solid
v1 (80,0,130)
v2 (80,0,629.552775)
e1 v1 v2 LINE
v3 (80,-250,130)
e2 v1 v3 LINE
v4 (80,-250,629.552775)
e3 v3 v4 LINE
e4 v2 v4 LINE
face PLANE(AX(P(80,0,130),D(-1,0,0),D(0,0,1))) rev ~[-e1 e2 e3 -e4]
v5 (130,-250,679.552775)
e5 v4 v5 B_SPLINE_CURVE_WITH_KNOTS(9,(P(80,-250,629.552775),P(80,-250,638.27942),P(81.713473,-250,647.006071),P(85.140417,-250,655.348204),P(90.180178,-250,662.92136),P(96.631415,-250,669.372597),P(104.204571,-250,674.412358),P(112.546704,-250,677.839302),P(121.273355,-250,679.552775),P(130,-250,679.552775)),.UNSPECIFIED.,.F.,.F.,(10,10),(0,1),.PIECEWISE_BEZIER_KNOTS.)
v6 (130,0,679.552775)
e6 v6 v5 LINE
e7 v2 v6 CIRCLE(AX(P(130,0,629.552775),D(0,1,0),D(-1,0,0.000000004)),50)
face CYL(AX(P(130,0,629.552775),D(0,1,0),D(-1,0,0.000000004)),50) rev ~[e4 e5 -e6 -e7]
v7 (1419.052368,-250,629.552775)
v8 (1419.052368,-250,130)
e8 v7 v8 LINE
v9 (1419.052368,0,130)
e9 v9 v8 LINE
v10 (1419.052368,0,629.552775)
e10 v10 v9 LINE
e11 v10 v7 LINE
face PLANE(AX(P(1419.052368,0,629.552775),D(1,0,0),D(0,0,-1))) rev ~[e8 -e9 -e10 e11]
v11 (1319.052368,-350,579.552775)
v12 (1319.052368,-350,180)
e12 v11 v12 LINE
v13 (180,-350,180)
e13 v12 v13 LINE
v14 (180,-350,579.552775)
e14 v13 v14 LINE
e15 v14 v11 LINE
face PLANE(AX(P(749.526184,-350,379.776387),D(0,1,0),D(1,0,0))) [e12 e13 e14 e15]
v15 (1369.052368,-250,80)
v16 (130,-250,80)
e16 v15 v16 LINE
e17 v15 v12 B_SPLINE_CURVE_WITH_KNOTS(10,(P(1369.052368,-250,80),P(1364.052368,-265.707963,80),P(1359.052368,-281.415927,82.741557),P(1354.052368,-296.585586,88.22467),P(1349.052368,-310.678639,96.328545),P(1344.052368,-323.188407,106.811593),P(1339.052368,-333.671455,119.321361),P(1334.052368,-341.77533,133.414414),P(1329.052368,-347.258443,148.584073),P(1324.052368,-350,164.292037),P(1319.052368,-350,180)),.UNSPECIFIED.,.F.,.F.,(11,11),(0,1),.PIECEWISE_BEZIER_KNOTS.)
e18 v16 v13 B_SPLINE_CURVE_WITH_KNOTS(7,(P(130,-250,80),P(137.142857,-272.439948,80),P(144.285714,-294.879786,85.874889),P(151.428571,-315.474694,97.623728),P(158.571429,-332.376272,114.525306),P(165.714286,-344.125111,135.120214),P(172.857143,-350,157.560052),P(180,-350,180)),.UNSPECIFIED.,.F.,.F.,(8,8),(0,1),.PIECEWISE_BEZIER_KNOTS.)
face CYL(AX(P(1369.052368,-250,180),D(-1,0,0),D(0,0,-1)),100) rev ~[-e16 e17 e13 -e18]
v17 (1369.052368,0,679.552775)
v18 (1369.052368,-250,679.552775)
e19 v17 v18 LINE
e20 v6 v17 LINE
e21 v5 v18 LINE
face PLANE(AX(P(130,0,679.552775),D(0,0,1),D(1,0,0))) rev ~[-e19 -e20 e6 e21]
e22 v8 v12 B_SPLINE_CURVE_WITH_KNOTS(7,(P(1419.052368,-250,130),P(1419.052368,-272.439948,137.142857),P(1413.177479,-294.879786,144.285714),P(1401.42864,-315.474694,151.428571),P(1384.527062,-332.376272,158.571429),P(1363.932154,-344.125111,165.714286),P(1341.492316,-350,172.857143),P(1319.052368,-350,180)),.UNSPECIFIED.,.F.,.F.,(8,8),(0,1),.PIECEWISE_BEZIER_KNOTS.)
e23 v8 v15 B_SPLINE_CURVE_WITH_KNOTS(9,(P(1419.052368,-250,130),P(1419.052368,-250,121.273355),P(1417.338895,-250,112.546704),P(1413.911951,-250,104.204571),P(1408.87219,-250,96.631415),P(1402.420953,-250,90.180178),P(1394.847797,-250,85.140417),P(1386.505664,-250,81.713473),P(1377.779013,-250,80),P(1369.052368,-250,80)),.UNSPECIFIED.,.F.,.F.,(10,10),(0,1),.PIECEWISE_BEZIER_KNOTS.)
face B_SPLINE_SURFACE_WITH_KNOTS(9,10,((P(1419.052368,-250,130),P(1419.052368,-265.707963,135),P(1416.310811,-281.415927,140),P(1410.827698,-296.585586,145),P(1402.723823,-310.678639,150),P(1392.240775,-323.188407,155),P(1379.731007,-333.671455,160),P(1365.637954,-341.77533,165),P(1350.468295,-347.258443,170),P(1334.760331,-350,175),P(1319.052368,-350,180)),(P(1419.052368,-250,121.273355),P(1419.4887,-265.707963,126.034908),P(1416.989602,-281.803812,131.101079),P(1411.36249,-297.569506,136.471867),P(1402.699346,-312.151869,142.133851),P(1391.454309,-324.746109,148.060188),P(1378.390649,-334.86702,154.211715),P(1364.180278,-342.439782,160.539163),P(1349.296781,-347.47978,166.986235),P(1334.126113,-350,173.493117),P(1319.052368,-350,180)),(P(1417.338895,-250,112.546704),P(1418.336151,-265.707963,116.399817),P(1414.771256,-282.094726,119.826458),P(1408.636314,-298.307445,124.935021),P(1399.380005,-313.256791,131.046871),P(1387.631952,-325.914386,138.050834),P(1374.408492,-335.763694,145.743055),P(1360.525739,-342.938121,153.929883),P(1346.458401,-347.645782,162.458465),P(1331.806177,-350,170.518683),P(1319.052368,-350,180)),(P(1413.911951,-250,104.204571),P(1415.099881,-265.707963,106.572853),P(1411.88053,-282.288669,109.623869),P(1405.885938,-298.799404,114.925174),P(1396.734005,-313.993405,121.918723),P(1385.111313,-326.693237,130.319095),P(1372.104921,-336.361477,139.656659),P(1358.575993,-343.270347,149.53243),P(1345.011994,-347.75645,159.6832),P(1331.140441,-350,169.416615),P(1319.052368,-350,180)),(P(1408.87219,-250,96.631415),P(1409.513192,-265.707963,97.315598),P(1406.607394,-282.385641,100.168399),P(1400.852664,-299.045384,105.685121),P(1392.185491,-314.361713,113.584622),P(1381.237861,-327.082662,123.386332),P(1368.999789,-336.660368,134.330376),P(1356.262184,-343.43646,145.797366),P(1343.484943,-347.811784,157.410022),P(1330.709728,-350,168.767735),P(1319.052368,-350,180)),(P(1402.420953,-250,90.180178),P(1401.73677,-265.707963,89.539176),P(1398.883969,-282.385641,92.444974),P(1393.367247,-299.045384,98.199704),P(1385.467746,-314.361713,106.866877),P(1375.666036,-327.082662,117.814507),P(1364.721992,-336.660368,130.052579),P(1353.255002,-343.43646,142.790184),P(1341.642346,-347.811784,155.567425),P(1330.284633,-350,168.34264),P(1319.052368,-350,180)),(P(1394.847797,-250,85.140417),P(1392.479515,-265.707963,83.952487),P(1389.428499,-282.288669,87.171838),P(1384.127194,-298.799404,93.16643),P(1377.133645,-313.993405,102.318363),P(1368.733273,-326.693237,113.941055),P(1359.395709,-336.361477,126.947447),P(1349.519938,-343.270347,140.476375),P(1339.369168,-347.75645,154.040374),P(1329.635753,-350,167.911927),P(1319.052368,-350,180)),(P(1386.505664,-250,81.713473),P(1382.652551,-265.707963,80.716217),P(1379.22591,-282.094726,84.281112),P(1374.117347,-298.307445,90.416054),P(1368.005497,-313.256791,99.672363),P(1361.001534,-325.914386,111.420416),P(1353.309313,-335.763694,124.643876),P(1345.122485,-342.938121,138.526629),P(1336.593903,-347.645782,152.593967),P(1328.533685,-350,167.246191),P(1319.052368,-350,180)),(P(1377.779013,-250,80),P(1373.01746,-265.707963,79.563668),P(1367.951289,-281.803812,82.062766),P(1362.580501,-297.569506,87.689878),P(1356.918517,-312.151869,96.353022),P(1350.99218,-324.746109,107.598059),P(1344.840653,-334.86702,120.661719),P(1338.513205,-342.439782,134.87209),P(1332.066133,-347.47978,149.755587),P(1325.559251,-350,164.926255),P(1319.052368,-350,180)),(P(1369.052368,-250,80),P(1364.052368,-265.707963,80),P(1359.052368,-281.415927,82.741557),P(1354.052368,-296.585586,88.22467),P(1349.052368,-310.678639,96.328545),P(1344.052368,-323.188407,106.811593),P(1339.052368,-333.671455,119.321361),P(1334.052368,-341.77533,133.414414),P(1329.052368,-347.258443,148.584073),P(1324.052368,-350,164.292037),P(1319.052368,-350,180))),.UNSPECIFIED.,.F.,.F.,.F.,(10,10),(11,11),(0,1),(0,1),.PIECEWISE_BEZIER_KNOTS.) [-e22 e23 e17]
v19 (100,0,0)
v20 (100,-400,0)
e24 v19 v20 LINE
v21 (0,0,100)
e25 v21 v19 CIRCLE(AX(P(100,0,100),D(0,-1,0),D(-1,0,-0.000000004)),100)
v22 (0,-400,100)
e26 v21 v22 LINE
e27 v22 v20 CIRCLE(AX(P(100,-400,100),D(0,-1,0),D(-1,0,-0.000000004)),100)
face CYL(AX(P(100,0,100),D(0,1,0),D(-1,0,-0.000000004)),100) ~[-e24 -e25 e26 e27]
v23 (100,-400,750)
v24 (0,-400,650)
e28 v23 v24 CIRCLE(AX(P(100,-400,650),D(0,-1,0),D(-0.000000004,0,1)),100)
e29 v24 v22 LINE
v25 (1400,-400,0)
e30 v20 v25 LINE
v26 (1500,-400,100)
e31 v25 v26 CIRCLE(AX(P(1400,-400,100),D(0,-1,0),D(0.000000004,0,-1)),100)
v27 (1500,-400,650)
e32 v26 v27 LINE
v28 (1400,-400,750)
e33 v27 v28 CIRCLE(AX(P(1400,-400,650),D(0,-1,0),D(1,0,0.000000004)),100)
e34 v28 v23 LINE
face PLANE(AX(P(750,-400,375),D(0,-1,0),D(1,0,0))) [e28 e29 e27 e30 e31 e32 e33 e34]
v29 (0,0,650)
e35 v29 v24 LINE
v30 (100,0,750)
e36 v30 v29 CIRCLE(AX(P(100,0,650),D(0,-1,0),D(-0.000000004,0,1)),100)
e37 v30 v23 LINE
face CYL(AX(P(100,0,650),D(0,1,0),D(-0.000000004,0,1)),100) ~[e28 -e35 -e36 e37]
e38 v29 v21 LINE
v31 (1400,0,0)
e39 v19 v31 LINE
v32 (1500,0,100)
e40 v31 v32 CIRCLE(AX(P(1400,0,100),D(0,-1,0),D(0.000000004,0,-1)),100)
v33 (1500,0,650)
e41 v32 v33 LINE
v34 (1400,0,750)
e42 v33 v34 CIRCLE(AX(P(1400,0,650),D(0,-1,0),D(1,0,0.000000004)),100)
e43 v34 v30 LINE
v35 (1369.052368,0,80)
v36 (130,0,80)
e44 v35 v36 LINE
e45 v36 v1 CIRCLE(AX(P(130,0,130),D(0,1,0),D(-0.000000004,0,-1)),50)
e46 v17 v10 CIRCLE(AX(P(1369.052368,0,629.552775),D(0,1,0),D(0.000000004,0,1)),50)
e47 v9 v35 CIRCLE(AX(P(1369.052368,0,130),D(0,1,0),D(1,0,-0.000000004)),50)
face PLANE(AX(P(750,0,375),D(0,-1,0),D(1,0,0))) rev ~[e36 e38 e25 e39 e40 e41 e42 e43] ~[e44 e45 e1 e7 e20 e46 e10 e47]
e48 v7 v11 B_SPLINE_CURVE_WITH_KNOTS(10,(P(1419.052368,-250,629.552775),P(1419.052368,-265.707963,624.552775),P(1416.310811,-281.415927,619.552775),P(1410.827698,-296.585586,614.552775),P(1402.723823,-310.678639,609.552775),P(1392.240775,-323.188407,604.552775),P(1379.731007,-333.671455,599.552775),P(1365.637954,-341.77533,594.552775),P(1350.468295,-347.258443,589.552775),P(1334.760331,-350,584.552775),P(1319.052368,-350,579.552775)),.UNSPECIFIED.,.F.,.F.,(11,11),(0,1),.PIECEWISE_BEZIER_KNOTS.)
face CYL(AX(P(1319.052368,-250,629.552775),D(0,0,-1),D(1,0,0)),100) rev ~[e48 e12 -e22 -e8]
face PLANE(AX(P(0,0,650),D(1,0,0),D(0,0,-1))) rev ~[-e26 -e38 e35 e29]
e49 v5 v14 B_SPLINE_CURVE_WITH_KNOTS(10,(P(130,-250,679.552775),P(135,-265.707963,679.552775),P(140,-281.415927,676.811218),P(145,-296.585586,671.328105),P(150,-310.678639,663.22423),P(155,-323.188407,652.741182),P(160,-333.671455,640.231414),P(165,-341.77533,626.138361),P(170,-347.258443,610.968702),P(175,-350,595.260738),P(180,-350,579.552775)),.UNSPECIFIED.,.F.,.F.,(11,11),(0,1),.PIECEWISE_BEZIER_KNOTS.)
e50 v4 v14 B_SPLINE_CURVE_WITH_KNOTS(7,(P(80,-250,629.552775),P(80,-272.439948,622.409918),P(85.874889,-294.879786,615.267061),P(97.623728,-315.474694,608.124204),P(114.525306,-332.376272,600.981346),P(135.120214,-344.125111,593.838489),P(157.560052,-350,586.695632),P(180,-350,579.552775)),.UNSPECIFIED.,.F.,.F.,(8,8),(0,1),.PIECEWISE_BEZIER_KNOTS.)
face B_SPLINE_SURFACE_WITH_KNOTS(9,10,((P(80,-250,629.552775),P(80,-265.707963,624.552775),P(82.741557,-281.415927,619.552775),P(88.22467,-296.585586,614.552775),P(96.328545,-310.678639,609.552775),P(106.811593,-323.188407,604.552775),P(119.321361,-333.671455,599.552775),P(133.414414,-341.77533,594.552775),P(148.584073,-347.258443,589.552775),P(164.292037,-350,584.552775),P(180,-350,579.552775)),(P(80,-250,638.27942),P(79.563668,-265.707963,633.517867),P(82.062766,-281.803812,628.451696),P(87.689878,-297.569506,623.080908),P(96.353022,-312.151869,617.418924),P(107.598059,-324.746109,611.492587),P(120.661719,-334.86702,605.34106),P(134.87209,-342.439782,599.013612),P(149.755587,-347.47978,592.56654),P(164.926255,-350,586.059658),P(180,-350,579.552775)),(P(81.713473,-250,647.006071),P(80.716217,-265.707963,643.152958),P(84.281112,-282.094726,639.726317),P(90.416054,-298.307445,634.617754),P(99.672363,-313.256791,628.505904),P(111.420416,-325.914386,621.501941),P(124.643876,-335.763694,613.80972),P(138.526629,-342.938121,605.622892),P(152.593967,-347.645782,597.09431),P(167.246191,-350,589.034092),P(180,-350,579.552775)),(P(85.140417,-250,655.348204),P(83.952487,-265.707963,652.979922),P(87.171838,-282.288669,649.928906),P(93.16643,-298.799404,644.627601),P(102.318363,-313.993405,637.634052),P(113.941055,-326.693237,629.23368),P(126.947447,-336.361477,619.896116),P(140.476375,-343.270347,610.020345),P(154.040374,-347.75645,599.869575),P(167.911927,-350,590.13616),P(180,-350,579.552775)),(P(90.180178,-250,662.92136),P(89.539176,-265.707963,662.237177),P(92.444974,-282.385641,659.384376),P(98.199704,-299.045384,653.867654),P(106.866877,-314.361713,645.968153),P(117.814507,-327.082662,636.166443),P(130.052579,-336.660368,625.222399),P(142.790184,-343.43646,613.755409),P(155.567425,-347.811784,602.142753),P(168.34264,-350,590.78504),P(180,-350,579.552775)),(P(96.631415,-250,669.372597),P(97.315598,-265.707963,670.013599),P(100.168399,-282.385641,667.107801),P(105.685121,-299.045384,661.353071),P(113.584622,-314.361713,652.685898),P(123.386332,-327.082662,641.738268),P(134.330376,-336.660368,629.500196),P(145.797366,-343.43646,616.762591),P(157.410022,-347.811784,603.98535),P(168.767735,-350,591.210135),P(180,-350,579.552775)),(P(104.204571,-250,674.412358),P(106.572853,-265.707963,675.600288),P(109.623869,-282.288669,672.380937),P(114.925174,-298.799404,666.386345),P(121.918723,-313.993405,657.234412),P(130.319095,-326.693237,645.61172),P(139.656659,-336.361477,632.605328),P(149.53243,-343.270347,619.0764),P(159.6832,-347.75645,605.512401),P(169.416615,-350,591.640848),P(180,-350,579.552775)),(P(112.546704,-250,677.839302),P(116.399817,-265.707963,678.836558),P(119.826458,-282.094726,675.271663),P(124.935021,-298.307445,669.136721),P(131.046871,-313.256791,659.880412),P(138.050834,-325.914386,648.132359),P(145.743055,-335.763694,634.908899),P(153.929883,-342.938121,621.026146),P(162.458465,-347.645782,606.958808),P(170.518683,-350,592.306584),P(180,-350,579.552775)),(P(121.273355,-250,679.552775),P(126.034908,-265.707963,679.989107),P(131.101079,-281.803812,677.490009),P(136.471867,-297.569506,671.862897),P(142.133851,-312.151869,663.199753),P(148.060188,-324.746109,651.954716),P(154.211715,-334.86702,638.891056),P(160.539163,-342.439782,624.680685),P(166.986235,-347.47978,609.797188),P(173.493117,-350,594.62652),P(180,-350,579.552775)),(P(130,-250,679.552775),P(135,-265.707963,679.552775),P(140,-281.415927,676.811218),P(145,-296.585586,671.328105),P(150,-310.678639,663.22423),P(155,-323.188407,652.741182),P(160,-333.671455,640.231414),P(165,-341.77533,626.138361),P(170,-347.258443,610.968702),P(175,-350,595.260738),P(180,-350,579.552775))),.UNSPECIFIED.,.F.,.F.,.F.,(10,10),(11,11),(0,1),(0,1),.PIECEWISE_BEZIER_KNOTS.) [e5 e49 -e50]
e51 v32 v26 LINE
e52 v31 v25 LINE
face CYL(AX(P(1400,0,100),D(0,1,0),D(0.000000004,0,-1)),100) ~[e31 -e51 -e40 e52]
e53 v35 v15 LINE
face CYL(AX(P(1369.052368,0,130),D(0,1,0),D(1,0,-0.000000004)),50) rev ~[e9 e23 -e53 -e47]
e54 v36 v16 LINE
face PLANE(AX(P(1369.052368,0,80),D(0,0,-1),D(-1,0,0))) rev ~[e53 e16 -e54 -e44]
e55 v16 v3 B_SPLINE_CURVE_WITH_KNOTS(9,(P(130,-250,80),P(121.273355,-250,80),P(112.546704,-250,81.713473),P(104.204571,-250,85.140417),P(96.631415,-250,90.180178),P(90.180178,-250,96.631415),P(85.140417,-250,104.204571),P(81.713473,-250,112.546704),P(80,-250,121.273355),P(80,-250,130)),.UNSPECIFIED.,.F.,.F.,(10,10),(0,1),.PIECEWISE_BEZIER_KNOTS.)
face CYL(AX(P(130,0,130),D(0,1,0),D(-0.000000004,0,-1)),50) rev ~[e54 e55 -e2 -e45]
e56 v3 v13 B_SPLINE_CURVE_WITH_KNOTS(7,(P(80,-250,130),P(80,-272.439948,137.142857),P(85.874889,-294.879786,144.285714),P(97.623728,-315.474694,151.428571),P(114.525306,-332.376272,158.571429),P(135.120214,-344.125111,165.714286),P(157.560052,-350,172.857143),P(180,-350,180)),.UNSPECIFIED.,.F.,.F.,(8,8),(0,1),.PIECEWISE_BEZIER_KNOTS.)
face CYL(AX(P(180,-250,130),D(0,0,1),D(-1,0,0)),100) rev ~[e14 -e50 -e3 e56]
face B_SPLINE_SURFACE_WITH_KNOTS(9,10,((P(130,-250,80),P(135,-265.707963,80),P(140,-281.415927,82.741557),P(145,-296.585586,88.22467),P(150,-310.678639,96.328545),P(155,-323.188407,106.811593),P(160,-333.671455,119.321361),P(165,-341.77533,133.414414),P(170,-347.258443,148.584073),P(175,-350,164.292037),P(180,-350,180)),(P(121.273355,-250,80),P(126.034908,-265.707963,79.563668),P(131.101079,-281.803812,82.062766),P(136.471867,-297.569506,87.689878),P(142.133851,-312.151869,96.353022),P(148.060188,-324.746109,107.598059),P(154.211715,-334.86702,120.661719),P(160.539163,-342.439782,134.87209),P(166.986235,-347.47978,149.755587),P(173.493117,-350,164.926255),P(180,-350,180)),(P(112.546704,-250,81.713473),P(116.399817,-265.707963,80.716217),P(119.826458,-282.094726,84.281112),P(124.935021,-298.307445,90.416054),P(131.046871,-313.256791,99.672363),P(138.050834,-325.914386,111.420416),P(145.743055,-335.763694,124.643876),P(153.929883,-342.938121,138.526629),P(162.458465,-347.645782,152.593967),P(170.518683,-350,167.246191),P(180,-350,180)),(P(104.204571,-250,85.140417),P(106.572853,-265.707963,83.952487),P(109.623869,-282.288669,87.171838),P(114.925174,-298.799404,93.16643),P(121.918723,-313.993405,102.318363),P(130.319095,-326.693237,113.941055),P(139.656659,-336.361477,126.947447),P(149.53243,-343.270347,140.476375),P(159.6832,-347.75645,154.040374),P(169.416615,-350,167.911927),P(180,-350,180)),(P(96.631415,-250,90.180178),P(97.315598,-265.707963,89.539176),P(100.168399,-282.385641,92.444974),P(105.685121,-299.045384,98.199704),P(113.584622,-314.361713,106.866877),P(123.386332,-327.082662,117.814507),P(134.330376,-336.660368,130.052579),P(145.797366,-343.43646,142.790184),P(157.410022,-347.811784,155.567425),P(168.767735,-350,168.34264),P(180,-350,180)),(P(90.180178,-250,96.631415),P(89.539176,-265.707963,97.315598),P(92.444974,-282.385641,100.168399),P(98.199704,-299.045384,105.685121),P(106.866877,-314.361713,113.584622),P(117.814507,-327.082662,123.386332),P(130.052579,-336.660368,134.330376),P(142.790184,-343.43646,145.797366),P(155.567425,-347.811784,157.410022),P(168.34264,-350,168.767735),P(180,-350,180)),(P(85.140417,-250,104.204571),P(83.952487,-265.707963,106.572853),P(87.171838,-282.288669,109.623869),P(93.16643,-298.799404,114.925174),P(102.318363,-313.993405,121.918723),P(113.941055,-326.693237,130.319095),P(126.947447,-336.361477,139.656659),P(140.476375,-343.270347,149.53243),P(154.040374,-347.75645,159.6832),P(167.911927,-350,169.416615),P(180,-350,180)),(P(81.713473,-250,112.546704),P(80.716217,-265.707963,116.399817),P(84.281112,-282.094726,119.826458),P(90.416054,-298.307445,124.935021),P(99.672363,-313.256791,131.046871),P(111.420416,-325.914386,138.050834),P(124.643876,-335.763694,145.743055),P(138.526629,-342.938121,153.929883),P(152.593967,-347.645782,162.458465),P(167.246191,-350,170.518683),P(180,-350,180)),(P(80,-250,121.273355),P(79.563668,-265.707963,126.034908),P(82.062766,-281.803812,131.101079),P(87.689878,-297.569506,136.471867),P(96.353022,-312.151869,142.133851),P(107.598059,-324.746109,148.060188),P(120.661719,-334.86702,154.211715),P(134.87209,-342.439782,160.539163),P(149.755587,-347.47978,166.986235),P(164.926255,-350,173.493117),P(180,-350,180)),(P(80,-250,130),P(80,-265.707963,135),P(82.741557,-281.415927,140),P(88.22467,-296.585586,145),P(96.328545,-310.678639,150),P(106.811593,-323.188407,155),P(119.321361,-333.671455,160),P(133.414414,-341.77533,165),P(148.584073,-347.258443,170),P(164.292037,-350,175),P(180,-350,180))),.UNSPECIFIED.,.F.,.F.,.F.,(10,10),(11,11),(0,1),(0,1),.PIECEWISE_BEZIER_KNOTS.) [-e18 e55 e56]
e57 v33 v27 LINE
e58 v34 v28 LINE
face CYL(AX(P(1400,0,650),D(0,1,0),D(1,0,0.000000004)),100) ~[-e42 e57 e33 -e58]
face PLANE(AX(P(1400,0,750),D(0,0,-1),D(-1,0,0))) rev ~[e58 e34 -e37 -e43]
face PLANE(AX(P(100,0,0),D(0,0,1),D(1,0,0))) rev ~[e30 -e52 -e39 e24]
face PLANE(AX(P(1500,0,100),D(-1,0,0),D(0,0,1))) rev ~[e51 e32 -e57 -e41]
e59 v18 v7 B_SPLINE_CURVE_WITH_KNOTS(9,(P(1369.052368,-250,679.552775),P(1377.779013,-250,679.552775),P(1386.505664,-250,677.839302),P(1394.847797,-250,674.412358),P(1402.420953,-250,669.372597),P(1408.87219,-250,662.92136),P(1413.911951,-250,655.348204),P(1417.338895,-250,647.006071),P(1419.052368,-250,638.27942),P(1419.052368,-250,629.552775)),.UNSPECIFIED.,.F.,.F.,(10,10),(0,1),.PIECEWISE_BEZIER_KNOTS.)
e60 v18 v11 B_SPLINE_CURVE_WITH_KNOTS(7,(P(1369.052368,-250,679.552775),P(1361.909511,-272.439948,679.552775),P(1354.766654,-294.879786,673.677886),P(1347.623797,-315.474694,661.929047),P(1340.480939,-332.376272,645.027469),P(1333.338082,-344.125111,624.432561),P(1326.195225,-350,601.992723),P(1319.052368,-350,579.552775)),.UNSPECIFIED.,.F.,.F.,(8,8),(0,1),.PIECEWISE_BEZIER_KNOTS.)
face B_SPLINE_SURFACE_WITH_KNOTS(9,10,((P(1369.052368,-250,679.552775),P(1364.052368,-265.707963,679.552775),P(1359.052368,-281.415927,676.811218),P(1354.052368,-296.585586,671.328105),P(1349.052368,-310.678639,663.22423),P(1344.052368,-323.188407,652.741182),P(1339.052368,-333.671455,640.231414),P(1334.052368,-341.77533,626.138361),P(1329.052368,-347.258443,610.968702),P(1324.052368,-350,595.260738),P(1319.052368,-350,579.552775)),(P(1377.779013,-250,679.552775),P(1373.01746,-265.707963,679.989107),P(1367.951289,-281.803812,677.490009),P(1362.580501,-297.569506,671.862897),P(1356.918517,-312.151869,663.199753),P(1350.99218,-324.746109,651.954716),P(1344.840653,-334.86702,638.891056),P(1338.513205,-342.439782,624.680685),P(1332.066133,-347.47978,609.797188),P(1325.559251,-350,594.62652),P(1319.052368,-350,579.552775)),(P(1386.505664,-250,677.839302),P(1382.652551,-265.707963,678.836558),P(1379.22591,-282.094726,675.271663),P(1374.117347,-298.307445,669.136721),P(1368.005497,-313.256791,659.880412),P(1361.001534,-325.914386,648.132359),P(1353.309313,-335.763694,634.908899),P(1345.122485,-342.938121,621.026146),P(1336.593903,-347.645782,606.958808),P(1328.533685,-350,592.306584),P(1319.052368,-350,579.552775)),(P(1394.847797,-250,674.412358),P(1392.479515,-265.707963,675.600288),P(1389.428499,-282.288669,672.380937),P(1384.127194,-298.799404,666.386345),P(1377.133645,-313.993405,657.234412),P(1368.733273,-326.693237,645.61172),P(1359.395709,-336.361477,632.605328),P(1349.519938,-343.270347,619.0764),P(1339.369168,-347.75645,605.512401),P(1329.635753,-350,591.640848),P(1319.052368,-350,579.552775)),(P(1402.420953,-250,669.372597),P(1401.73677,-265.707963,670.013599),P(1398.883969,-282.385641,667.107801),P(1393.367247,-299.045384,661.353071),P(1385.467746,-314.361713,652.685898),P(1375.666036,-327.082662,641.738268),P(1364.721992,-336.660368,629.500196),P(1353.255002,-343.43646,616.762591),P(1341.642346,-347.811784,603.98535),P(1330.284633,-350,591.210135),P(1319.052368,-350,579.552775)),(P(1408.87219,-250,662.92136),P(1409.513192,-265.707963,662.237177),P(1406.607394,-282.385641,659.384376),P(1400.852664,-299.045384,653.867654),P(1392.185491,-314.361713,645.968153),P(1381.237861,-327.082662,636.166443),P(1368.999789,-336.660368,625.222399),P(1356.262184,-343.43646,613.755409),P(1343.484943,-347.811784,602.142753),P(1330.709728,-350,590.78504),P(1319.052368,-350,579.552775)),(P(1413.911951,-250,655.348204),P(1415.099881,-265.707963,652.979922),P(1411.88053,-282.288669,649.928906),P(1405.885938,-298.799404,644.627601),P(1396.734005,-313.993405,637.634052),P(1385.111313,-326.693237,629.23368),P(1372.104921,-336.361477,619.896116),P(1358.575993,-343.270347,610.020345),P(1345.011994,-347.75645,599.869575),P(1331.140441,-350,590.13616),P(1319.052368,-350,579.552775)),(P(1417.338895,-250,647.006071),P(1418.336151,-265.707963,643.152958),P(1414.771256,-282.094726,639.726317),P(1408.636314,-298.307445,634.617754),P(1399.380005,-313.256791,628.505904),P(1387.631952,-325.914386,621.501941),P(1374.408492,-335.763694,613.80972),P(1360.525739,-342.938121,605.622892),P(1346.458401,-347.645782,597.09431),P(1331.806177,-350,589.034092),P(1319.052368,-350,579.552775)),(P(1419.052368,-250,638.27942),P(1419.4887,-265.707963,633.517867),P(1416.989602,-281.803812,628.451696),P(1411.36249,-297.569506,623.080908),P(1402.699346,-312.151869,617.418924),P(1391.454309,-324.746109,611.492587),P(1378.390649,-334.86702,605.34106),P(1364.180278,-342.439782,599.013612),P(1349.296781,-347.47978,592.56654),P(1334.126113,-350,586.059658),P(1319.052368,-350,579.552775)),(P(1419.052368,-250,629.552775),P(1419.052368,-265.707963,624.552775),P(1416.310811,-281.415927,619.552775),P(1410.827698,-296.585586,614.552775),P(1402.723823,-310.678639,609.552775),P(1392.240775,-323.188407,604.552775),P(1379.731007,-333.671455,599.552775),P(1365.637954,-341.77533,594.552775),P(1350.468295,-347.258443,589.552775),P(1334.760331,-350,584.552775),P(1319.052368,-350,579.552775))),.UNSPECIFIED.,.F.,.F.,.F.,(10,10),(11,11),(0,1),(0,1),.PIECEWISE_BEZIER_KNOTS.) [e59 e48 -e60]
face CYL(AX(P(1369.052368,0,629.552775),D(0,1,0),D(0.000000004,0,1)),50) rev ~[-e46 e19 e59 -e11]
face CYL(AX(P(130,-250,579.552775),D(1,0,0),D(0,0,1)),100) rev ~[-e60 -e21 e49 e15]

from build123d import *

# Parameters (mm, degrees)
PAD_DEPTH    = 400
POCKET_DEPTH = 350
FILLET_R     = 100


with BuildPart() as part:
    # Sketch → Pad (new body)
    with BuildSketch(Plane.XZ):
        with BuildLine():
            Line((100, 0), (1400, 0))
            ThreePointArc((1400, 0), (1470.710678, 29.289322), (1500, 100))
            Line((1500, 100), (1500, 650))
            ThreePointArc((1500, 650), (1470.710678, 720.710678), (1400, 750))
            Line((1400, 750), (100, 750))
            ThreePointArc((100, 750), (29.289322, 720.710678), (0, 650))
            Line((0, 650), (0, 100))
            ThreePointArc((0, 100), (29.289322, 29.289322), (100, 0))
        make_face()
    extrude(amount=PAD_DEPTH)

    # Sketch001 (on Face9 of Pad) → Pocket (cut)
    with BuildSketch(Plane(origin=(0, 0, 0), x_dir=(1, 0, 0), z_dir=(0, 1, 0))):
        with BuildLine():
            Line((80, -130), (80, -629.552775))
            ThreePointArc((80, -629.552775), (94.644661, -664.908114), (130, -679.552775))
            Line((130, -679.552775), (1369.052368, -679.552775))
            ThreePointArc((1369.052368, -679.552775), (1404.407707, -664.908114), (1419.052368, -629.552775))
            Line((1419.052368, -629.552775), (1419.052368, -130))
            ThreePointArc((1419.052368, -130), (1404.407707, -94.644661), (1369.052368, -80))
            Line((1369.052368, -80), (130, -80))
            ThreePointArc((130, -80), (94.644661, -94.644661), (80, -130))
        make_face()
    extrude(amount=-POCKET_DEPTH, mode=Mode.SUBTRACT)

    # Fillet
    fillet_edges = [part.edges().sort_by_distance(p)[0] for p in [
        (80, -350, 379.776388),
        (94.644661, -350, 664.908114),
        (749.526184, -350, 679.552775),
        (1404.407707, -350, 664.908114),
        (1419.052368, -350, 379.776388),
        (1404.407707, -350, 94.644661),
        (749.526184, -350, 80),
        (94.644661, -350, 94.644661),
    ]]
    fillet(fillet_edges, radius=FILLET_R)


solid = part.part
